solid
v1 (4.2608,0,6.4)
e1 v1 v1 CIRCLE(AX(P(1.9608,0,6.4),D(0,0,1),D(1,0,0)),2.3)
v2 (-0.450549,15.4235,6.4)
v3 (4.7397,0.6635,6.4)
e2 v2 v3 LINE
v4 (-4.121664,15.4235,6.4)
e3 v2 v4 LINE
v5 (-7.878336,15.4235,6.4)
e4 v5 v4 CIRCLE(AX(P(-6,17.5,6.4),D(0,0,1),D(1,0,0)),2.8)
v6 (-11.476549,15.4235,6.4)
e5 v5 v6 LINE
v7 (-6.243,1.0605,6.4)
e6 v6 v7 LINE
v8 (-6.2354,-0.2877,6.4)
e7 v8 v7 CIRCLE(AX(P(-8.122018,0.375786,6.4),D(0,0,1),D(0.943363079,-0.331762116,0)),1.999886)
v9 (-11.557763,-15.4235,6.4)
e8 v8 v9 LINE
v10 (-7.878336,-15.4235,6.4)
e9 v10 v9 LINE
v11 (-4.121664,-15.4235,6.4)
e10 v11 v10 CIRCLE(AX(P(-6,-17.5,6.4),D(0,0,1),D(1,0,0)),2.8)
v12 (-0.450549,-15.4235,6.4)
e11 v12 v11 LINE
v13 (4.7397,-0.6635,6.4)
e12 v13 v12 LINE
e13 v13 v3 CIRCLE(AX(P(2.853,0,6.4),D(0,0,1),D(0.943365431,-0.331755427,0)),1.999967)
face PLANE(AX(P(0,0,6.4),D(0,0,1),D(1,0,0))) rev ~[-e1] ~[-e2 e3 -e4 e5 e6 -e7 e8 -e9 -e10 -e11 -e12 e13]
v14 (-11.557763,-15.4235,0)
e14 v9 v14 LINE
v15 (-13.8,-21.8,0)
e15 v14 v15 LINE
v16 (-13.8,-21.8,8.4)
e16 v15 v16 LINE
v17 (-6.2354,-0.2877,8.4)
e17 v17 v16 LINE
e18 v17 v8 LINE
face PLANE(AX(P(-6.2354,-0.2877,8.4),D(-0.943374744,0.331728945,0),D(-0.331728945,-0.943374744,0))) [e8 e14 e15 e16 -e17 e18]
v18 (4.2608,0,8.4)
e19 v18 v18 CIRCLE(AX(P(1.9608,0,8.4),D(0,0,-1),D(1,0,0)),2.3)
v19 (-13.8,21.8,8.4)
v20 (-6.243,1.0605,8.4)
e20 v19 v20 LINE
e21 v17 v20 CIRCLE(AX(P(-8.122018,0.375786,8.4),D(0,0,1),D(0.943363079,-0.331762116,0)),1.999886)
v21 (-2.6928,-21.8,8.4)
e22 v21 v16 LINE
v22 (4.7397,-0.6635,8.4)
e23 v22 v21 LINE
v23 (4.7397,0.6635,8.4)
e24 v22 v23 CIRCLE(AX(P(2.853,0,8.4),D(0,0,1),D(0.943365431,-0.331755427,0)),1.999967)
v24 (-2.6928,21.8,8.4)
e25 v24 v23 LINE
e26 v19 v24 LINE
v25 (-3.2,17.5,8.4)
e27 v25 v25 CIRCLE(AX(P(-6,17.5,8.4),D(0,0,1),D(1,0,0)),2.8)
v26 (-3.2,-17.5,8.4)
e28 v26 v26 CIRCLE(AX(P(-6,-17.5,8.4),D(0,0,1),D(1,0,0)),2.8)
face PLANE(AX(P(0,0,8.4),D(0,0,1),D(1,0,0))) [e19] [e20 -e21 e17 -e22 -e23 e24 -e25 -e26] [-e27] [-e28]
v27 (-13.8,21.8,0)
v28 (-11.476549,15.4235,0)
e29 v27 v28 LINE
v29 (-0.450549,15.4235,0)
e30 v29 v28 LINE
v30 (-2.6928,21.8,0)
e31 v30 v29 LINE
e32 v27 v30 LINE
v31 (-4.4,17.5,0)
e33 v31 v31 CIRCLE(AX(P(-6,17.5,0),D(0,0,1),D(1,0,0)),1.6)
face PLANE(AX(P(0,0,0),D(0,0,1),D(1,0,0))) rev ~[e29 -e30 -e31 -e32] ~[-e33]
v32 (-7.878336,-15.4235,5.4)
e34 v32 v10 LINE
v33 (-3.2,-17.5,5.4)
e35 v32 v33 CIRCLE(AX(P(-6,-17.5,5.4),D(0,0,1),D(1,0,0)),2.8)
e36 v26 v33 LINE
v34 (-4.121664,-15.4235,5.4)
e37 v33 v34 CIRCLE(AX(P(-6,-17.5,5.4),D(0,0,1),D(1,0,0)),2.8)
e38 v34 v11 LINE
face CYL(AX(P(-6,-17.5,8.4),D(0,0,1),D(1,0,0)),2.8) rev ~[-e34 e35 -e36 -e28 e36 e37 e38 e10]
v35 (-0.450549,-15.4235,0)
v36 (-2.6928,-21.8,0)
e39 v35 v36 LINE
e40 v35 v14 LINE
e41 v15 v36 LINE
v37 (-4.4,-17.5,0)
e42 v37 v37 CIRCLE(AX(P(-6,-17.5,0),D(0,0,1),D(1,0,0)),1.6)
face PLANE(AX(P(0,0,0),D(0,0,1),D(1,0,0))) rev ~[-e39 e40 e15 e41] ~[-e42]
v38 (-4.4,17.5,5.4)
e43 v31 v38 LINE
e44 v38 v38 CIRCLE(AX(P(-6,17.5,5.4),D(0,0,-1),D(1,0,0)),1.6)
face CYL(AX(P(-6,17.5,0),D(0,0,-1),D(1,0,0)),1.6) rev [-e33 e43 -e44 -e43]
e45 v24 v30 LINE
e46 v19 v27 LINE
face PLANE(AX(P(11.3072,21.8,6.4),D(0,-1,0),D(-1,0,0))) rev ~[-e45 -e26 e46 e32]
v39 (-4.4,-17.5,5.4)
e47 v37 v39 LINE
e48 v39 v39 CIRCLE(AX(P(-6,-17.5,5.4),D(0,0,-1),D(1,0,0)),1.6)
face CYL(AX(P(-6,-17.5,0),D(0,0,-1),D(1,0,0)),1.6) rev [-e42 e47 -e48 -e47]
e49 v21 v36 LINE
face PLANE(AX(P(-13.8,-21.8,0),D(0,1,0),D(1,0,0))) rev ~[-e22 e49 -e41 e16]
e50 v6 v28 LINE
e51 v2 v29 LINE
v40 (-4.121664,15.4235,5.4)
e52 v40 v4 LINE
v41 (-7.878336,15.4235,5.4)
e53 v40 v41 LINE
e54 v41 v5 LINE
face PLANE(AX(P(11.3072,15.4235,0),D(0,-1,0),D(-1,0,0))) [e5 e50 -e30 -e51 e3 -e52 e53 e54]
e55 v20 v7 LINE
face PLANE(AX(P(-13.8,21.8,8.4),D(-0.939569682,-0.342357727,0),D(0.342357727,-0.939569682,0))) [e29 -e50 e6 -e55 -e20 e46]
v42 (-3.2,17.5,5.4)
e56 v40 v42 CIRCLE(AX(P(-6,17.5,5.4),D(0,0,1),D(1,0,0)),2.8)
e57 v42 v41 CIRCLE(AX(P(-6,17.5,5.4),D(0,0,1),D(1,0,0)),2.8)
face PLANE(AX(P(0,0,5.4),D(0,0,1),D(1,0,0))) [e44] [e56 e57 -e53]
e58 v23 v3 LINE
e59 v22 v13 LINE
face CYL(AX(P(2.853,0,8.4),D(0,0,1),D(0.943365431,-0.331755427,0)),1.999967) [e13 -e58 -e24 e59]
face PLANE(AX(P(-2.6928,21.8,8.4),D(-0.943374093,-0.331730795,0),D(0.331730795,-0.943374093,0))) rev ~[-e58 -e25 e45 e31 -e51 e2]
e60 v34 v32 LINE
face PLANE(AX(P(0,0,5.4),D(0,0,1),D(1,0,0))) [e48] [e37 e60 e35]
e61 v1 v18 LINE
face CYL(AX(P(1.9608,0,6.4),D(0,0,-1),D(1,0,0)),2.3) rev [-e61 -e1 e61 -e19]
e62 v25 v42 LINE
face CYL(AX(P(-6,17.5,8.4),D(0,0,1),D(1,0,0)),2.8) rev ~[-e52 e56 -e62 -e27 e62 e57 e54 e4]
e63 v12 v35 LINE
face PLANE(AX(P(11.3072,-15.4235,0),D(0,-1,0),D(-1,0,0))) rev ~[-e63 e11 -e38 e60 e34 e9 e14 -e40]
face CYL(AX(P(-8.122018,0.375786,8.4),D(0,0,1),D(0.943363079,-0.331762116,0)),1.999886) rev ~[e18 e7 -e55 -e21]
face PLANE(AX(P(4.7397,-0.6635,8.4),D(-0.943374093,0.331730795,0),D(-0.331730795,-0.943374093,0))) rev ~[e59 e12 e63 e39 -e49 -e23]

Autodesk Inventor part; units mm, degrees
ref_plane "YZ Plane" through (0, 0, 0) normal (1, 0, 0) x (0, 1, 0)
ref_plane "XZ Plane" through (0, 0, 0) normal (0, 1, 0) x (-1, 0, 0)
ref_plane "XY Plane" through (0, 0, 0) normal (0, 0, 1) x (1, 0, 0)
sketch "Sketch1" plane through (0, 0, 0) normal (0, 0, 1) x (1, 0, 0)
  circle A0 centre (1.9608, 0) radius 2 construction
  circle A1 centre (-6, -17.5) radius 1.5 construction
  circle A2 centre (-6, 17.5) radius 1.5 construction
  line L0 (11.3072, 21.8) -> (-13.8, 21.8) construction
  line L1 (-13.8, 21.8) -> (-13.8, -21.8) construction
  line L2 (-13.8, -21.8) -> (11.3072, -21.8) construction
  line L3 (11.3072, -21.8) -> (11.3072, 21.8) construction
  line L4 (-18.8214, 0) -> (16.3286, 0) construction
  line L5 (-2.5075, 14.4235) -> (-13.8, 14.4235) construction
  circle A3 centre (-6, -17.5) radius 1.5 construction
  line L6 (11.3072, -21.8) -> (-13.8, -21.8) construction
  line L7 (-13.8, -21.8) -> (11.3072, -21.8)
  line L8 (-2.5075, -14.4235) -> (-13.8, -14.4235) construction
  circle A4 centre (-6, 17.5) radius 1.6
  circle A5 centre (-6, -17.5) radius 1.6
  line L9 (-13.8, 21.8) -> (11.3072, 21.8)
  line L10 (11.3072, 21.8) -> (11.3072, 15.4235)
  line L11 (11.3072, 15.4235) -> (-13.8, 15.4235)
  line L12 (-13.8, 15.4235) -> (-13.8, 21.8)
  line L13 (11.3072, 21.8) -> (11.3072, -21.8) construction
  line L14 (-13.8, -21.8) -> (11.3072, -21.8)
  line L15 (11.3072, -21.8) -> (11.3072, -15.4235)
  line L16 (11.3072, -15.4235) -> (-13.8, -15.4235)
  line L17 (-13.8, -15.4235) -> (-13.8, -21.8)
  point P0 (0, 0)
  dimension "d0" = 0.1
  dimension "d1" = 0.1
  dimension "d13" = 1
extrude "Extrusion1" add sketch "Sketch1" along normal blind 6.4
sketch "Sketch2" plane through (0, 0, 6.4) normal (0, 0, 1) x (1, 0, 0)
  circle A0 centre (-6, 17.5) radius 1.6 construction
  circle A1 centre (-6, -17.5) radius 1.6 construction
  line L0 (11.3072, 21.8) -> (-13.8, 21.8) projected
  line L1 (-13.8, -21.8) -> (11.3072, -21.8) projected
  line L2 (-13.8, 21.8) -> (11.3072, 21.8)
  line L3 (11.3072, 21.8) -> (11.3072, -21.8)
  line L4 (11.3072, -21.8) -> (-13.8, -21.8)
  line L5 (-13.8, -21.8) -> (-13.8, 21.8)
  circle A2 centre (-6, -17.5) radius 1.7
  circle A3 centre (-6, 17.5) radius 1.7
  circle A4 centre (1.9608, 0) radius 2 construction
  circle A5 centre (1.9608, 0) radius 2.3
  line L6 (-2.9164, -21.8) -> (3.0965, -2)
  line L7 (3.0965, 2) -> (-2.9164, 21.8)
  line L8 (-13.8, 21.8) -> (11.3072, 21.8) projected
  point P0 (0, 0)
  dimension "d6" = 0.1
  dimension "d7" = 0.1
  dimension "d8" = 0.3
extrude "Extrusion2" add sketch "Sketch2" along normal blind 2 contours L3 L1 L6 A5 L7 L0 | L7 A5 L6 L1 L5 L0
sketch "Sketch3" plane through (0, 0, 8.4) normal (0, 0, 1) x (1, 0, 0)
  circle A0 centre (1.9608, 0) radius 2.3 construction
  circle A1 centre (-6, 17.5) radius 1.7 construction
  circle A2 centre (-6, -17.5) radius 1.7 construction
  line L0 (11.3072, 21.8) -> (-13.8, 21.8) construction
  line L1 (-13.8, 21.8) -> (-13.8, -21.8) construction
  line L2 (-13.8, -21.8) -> (11.3072, -21.8) construction
  line L3 (11.3072, -21.8) -> (11.3072, 21.8) construction
  circle A3 centre (-6, -17.5) radius 2.8
  circle A4 centre (-6, 17.5) radius 2.8
  point P0 (0, 0)
  dimension "d9" = 5.6
  dimension "d10" = 5.6
extrude "Extrusion3" cut sketch "Sketch3" against normal blind 3
sketch "Sketch4" plane through (0, 0, 8.4) normal (0, 0, 1) x (1, 0, 0)
  circle A0 centre (-6, -17.5) radius 2.8 construction
  circle A1 centre (-6, 17.5) radius 2.8 construction
  circle A2 centre (1.9608, 0) radius 2.3 construction
  line L0 (11.3072, 21.8) -> (-13.8, 21.8) construction
  line L1 (-13.8, 21.8) -> (-13.8, -21.8) construction
  line L2 (-13.8, -21.8) -> (11.3072, -21.8) construction
  line L3 (11.3072, -21.8) -> (11.3072, 21.8) projected
  line L4 (11.3072, -21.8) -> (11.3072, 21.8) projected
  line L5 (11.3072, 21.8) -> (-2.6928, 21.8)
  line L6 (-13.8, 21.8) -> (11.3072, 21.8) projected
  line L7 (-2.6928, 21.8) -> (4.7397, 0.6635)
  line L8 (4.7397, -0.6635) -> (-2.6928, -21.8)
  line L9 (-13.8, -21.8) -> (11.3072, -21.8) projected
  line L10 (-2.6928, -21.8) -> (11.3072, -21.8)
  line L11 (11.3072, -21.8) -> (11.3072, 21.8)
  arc A3 (4.7397, -0.6635) -> (4.7397, 0.6635) centre (2.853, 0) ccw
  line L12 (-13.8, 21.8) -> (-6.243, 1.0605)
  line L13 (-6.2354, -0.2877) -> (-13.8, -21.8)
  line L14 (-13.8, 21.8) -> (-13.8, -21.8)
  arc A4 (-6.2354, -0.2877) -> (-6.243, 1.0605) centre (-8.1221, 0.3758) ccw
  point P0 (4.973, 0)
  dimension "d14" = 14
  dimension "d17" = 2
  dimension "d18" = 2
extrude "Extrusion4" cut sketch "Sketch4" against normal through all contours L9 L8 A3 L7 L5 L3 | L14 L12 A4 L13
equation "\"d10\" = d9"
properties part number "20_focus_inlet_plate_top"
